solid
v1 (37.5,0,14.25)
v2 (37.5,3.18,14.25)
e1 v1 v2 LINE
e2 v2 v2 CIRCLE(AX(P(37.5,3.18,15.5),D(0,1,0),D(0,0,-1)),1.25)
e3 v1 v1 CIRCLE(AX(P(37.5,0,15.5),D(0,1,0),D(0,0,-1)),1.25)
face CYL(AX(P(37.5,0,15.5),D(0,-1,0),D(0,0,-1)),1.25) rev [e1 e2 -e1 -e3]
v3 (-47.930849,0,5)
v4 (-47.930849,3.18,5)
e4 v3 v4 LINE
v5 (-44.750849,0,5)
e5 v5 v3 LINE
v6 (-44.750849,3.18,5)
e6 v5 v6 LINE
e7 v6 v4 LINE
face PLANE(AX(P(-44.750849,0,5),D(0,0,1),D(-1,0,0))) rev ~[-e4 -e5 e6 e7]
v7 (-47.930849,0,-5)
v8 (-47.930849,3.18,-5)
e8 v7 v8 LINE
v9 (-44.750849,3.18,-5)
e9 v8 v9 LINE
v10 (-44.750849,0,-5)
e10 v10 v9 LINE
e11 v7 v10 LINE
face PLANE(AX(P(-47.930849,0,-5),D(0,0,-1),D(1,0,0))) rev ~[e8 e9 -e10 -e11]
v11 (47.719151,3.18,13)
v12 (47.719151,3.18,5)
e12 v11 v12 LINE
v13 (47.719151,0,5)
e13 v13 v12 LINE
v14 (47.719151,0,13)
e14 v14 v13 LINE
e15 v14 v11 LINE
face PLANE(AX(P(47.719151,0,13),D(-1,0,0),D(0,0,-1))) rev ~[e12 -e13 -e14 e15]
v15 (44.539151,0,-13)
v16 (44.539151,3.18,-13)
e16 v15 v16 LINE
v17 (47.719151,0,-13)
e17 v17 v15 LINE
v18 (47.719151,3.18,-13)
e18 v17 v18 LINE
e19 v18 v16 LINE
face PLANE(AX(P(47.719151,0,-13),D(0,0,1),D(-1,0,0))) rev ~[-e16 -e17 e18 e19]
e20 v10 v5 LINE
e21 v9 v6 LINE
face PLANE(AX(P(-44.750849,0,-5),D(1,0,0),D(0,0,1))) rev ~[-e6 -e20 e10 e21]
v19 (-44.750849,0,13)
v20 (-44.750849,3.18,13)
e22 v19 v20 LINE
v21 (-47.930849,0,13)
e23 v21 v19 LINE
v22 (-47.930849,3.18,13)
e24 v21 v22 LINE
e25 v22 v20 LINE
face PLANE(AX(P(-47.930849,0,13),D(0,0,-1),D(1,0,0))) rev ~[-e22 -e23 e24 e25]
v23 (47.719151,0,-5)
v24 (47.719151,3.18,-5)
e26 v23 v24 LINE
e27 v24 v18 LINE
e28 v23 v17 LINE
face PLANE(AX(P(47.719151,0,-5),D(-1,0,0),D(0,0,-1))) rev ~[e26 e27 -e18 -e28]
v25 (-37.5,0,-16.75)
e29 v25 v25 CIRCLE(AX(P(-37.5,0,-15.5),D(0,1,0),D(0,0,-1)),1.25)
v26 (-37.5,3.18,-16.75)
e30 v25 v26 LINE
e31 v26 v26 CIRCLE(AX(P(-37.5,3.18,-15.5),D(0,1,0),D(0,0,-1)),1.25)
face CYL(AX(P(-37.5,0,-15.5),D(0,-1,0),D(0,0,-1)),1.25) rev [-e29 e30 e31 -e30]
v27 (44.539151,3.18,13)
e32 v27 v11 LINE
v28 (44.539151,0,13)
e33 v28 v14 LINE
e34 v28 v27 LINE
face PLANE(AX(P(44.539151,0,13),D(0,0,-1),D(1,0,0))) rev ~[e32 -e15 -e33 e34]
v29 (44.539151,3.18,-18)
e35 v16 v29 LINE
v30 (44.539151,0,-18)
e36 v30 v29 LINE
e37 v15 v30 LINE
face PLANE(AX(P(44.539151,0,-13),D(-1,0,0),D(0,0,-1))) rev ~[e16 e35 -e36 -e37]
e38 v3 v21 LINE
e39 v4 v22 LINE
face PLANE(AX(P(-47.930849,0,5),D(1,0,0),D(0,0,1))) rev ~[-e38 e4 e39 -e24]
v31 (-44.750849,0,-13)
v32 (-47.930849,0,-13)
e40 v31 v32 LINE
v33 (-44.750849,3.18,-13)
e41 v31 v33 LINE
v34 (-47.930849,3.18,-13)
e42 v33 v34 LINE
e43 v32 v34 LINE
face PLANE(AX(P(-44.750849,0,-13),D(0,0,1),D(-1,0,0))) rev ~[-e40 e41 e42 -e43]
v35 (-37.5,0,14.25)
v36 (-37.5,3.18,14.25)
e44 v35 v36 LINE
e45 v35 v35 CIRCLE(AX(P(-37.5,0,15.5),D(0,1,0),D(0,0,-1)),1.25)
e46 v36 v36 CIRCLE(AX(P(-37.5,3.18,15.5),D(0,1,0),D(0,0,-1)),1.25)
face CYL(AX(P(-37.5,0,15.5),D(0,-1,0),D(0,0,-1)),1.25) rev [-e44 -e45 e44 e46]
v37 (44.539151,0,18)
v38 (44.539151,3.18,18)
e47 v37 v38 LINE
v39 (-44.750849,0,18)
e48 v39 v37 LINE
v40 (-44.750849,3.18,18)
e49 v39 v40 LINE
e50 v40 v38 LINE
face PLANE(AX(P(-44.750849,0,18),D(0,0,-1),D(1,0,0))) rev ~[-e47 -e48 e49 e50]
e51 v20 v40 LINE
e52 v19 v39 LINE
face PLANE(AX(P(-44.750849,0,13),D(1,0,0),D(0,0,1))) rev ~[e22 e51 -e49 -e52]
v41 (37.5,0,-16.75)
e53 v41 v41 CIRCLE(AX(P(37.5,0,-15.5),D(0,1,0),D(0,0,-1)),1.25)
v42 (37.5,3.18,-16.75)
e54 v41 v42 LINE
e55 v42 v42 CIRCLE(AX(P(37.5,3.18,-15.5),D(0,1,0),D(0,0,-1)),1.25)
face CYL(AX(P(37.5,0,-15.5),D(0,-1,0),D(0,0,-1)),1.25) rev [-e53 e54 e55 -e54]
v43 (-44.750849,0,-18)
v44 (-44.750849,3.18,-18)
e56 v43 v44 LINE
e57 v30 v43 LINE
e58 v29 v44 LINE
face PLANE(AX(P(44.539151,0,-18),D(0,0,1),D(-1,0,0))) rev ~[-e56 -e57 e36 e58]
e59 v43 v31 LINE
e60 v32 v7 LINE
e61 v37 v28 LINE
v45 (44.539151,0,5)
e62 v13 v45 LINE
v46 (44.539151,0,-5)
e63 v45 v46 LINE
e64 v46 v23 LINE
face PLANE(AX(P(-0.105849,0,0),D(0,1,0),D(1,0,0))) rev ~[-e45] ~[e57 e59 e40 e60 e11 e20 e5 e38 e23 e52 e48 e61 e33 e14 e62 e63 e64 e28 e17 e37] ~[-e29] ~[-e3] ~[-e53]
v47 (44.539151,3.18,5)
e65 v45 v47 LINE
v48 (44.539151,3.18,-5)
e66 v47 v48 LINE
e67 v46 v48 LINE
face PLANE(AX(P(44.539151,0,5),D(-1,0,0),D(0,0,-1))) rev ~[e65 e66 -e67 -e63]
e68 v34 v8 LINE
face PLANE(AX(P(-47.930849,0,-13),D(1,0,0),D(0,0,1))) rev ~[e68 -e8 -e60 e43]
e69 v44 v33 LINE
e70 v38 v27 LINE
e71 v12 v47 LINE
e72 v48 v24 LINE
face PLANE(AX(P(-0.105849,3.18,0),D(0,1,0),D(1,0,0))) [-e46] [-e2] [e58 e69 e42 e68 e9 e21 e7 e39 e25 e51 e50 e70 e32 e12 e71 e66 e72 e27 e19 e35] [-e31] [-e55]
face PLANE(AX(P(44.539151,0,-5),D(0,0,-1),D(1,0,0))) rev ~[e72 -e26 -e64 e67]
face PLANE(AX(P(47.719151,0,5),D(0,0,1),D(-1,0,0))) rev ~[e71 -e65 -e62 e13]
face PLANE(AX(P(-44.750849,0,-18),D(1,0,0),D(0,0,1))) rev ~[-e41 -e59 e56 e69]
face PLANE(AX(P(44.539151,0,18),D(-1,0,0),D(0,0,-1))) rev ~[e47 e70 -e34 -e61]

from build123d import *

# Parameters (mm, degrees)
SKETCH1_R           = 1.25
BOSS_EXTRUDE1_DEPTH = 3.18


with BuildPart() as part:
    # Sketch1 → Boss-Extrude1 (new body)
    with BuildSketch(Plane(origin=(0, 0, 0), x_dir=(1, 0, 0), z_dir=(0, 1, 0))):
        Polygon((-47.930848892, -13), (-44.750848892, -13), (-44.750848892, -18), (-40, -18), (-37.5, -18), (37.5, -18), (40, -18), (44.539151108, -18), (44.539151108, -13), (47.719151108, -13), (47.719151108, -5), (44.539151108, -5), (44.539151108, 5), (47.719151108, 5), (47.719151108, 13), (44.539151108, 13), (44.539151108, 18), (40, 18), (37.5, 18), (-37.5, 18), (-40, 18), (-44.750848892, 18), (-44.750848892, 13), (-47.930848892, 13), (-47.930848892, 5), (-44.750848892, 5), (-44.750848892, -5), (-47.930848892, -5), align=None)
        with Locations(Location((37.5, 15.5, 0), (0, 0, 90))):
            Circle(SKETCH1_R, mode=Mode.SUBTRACT)
        with Locations(Location((37.5, -15.5, 0), (0, 0, 90))):
            Circle(SKETCH1_R, mode=Mode.SUBTRACT)
        with Locations(Location((-37.5, -15.5, 0), (0, 0, 90))):
            Circle(SKETCH1_R, mode=Mode.SUBTRACT)
        with Locations(Location((-37.5, 15.5, 0), (0, 0, 90))):
            Circle(SKETCH1_R, mode=Mode.SUBTRACT)
    extrude(amount=BOSS_EXTRUDE1_DEPTH)


solid = part.part
